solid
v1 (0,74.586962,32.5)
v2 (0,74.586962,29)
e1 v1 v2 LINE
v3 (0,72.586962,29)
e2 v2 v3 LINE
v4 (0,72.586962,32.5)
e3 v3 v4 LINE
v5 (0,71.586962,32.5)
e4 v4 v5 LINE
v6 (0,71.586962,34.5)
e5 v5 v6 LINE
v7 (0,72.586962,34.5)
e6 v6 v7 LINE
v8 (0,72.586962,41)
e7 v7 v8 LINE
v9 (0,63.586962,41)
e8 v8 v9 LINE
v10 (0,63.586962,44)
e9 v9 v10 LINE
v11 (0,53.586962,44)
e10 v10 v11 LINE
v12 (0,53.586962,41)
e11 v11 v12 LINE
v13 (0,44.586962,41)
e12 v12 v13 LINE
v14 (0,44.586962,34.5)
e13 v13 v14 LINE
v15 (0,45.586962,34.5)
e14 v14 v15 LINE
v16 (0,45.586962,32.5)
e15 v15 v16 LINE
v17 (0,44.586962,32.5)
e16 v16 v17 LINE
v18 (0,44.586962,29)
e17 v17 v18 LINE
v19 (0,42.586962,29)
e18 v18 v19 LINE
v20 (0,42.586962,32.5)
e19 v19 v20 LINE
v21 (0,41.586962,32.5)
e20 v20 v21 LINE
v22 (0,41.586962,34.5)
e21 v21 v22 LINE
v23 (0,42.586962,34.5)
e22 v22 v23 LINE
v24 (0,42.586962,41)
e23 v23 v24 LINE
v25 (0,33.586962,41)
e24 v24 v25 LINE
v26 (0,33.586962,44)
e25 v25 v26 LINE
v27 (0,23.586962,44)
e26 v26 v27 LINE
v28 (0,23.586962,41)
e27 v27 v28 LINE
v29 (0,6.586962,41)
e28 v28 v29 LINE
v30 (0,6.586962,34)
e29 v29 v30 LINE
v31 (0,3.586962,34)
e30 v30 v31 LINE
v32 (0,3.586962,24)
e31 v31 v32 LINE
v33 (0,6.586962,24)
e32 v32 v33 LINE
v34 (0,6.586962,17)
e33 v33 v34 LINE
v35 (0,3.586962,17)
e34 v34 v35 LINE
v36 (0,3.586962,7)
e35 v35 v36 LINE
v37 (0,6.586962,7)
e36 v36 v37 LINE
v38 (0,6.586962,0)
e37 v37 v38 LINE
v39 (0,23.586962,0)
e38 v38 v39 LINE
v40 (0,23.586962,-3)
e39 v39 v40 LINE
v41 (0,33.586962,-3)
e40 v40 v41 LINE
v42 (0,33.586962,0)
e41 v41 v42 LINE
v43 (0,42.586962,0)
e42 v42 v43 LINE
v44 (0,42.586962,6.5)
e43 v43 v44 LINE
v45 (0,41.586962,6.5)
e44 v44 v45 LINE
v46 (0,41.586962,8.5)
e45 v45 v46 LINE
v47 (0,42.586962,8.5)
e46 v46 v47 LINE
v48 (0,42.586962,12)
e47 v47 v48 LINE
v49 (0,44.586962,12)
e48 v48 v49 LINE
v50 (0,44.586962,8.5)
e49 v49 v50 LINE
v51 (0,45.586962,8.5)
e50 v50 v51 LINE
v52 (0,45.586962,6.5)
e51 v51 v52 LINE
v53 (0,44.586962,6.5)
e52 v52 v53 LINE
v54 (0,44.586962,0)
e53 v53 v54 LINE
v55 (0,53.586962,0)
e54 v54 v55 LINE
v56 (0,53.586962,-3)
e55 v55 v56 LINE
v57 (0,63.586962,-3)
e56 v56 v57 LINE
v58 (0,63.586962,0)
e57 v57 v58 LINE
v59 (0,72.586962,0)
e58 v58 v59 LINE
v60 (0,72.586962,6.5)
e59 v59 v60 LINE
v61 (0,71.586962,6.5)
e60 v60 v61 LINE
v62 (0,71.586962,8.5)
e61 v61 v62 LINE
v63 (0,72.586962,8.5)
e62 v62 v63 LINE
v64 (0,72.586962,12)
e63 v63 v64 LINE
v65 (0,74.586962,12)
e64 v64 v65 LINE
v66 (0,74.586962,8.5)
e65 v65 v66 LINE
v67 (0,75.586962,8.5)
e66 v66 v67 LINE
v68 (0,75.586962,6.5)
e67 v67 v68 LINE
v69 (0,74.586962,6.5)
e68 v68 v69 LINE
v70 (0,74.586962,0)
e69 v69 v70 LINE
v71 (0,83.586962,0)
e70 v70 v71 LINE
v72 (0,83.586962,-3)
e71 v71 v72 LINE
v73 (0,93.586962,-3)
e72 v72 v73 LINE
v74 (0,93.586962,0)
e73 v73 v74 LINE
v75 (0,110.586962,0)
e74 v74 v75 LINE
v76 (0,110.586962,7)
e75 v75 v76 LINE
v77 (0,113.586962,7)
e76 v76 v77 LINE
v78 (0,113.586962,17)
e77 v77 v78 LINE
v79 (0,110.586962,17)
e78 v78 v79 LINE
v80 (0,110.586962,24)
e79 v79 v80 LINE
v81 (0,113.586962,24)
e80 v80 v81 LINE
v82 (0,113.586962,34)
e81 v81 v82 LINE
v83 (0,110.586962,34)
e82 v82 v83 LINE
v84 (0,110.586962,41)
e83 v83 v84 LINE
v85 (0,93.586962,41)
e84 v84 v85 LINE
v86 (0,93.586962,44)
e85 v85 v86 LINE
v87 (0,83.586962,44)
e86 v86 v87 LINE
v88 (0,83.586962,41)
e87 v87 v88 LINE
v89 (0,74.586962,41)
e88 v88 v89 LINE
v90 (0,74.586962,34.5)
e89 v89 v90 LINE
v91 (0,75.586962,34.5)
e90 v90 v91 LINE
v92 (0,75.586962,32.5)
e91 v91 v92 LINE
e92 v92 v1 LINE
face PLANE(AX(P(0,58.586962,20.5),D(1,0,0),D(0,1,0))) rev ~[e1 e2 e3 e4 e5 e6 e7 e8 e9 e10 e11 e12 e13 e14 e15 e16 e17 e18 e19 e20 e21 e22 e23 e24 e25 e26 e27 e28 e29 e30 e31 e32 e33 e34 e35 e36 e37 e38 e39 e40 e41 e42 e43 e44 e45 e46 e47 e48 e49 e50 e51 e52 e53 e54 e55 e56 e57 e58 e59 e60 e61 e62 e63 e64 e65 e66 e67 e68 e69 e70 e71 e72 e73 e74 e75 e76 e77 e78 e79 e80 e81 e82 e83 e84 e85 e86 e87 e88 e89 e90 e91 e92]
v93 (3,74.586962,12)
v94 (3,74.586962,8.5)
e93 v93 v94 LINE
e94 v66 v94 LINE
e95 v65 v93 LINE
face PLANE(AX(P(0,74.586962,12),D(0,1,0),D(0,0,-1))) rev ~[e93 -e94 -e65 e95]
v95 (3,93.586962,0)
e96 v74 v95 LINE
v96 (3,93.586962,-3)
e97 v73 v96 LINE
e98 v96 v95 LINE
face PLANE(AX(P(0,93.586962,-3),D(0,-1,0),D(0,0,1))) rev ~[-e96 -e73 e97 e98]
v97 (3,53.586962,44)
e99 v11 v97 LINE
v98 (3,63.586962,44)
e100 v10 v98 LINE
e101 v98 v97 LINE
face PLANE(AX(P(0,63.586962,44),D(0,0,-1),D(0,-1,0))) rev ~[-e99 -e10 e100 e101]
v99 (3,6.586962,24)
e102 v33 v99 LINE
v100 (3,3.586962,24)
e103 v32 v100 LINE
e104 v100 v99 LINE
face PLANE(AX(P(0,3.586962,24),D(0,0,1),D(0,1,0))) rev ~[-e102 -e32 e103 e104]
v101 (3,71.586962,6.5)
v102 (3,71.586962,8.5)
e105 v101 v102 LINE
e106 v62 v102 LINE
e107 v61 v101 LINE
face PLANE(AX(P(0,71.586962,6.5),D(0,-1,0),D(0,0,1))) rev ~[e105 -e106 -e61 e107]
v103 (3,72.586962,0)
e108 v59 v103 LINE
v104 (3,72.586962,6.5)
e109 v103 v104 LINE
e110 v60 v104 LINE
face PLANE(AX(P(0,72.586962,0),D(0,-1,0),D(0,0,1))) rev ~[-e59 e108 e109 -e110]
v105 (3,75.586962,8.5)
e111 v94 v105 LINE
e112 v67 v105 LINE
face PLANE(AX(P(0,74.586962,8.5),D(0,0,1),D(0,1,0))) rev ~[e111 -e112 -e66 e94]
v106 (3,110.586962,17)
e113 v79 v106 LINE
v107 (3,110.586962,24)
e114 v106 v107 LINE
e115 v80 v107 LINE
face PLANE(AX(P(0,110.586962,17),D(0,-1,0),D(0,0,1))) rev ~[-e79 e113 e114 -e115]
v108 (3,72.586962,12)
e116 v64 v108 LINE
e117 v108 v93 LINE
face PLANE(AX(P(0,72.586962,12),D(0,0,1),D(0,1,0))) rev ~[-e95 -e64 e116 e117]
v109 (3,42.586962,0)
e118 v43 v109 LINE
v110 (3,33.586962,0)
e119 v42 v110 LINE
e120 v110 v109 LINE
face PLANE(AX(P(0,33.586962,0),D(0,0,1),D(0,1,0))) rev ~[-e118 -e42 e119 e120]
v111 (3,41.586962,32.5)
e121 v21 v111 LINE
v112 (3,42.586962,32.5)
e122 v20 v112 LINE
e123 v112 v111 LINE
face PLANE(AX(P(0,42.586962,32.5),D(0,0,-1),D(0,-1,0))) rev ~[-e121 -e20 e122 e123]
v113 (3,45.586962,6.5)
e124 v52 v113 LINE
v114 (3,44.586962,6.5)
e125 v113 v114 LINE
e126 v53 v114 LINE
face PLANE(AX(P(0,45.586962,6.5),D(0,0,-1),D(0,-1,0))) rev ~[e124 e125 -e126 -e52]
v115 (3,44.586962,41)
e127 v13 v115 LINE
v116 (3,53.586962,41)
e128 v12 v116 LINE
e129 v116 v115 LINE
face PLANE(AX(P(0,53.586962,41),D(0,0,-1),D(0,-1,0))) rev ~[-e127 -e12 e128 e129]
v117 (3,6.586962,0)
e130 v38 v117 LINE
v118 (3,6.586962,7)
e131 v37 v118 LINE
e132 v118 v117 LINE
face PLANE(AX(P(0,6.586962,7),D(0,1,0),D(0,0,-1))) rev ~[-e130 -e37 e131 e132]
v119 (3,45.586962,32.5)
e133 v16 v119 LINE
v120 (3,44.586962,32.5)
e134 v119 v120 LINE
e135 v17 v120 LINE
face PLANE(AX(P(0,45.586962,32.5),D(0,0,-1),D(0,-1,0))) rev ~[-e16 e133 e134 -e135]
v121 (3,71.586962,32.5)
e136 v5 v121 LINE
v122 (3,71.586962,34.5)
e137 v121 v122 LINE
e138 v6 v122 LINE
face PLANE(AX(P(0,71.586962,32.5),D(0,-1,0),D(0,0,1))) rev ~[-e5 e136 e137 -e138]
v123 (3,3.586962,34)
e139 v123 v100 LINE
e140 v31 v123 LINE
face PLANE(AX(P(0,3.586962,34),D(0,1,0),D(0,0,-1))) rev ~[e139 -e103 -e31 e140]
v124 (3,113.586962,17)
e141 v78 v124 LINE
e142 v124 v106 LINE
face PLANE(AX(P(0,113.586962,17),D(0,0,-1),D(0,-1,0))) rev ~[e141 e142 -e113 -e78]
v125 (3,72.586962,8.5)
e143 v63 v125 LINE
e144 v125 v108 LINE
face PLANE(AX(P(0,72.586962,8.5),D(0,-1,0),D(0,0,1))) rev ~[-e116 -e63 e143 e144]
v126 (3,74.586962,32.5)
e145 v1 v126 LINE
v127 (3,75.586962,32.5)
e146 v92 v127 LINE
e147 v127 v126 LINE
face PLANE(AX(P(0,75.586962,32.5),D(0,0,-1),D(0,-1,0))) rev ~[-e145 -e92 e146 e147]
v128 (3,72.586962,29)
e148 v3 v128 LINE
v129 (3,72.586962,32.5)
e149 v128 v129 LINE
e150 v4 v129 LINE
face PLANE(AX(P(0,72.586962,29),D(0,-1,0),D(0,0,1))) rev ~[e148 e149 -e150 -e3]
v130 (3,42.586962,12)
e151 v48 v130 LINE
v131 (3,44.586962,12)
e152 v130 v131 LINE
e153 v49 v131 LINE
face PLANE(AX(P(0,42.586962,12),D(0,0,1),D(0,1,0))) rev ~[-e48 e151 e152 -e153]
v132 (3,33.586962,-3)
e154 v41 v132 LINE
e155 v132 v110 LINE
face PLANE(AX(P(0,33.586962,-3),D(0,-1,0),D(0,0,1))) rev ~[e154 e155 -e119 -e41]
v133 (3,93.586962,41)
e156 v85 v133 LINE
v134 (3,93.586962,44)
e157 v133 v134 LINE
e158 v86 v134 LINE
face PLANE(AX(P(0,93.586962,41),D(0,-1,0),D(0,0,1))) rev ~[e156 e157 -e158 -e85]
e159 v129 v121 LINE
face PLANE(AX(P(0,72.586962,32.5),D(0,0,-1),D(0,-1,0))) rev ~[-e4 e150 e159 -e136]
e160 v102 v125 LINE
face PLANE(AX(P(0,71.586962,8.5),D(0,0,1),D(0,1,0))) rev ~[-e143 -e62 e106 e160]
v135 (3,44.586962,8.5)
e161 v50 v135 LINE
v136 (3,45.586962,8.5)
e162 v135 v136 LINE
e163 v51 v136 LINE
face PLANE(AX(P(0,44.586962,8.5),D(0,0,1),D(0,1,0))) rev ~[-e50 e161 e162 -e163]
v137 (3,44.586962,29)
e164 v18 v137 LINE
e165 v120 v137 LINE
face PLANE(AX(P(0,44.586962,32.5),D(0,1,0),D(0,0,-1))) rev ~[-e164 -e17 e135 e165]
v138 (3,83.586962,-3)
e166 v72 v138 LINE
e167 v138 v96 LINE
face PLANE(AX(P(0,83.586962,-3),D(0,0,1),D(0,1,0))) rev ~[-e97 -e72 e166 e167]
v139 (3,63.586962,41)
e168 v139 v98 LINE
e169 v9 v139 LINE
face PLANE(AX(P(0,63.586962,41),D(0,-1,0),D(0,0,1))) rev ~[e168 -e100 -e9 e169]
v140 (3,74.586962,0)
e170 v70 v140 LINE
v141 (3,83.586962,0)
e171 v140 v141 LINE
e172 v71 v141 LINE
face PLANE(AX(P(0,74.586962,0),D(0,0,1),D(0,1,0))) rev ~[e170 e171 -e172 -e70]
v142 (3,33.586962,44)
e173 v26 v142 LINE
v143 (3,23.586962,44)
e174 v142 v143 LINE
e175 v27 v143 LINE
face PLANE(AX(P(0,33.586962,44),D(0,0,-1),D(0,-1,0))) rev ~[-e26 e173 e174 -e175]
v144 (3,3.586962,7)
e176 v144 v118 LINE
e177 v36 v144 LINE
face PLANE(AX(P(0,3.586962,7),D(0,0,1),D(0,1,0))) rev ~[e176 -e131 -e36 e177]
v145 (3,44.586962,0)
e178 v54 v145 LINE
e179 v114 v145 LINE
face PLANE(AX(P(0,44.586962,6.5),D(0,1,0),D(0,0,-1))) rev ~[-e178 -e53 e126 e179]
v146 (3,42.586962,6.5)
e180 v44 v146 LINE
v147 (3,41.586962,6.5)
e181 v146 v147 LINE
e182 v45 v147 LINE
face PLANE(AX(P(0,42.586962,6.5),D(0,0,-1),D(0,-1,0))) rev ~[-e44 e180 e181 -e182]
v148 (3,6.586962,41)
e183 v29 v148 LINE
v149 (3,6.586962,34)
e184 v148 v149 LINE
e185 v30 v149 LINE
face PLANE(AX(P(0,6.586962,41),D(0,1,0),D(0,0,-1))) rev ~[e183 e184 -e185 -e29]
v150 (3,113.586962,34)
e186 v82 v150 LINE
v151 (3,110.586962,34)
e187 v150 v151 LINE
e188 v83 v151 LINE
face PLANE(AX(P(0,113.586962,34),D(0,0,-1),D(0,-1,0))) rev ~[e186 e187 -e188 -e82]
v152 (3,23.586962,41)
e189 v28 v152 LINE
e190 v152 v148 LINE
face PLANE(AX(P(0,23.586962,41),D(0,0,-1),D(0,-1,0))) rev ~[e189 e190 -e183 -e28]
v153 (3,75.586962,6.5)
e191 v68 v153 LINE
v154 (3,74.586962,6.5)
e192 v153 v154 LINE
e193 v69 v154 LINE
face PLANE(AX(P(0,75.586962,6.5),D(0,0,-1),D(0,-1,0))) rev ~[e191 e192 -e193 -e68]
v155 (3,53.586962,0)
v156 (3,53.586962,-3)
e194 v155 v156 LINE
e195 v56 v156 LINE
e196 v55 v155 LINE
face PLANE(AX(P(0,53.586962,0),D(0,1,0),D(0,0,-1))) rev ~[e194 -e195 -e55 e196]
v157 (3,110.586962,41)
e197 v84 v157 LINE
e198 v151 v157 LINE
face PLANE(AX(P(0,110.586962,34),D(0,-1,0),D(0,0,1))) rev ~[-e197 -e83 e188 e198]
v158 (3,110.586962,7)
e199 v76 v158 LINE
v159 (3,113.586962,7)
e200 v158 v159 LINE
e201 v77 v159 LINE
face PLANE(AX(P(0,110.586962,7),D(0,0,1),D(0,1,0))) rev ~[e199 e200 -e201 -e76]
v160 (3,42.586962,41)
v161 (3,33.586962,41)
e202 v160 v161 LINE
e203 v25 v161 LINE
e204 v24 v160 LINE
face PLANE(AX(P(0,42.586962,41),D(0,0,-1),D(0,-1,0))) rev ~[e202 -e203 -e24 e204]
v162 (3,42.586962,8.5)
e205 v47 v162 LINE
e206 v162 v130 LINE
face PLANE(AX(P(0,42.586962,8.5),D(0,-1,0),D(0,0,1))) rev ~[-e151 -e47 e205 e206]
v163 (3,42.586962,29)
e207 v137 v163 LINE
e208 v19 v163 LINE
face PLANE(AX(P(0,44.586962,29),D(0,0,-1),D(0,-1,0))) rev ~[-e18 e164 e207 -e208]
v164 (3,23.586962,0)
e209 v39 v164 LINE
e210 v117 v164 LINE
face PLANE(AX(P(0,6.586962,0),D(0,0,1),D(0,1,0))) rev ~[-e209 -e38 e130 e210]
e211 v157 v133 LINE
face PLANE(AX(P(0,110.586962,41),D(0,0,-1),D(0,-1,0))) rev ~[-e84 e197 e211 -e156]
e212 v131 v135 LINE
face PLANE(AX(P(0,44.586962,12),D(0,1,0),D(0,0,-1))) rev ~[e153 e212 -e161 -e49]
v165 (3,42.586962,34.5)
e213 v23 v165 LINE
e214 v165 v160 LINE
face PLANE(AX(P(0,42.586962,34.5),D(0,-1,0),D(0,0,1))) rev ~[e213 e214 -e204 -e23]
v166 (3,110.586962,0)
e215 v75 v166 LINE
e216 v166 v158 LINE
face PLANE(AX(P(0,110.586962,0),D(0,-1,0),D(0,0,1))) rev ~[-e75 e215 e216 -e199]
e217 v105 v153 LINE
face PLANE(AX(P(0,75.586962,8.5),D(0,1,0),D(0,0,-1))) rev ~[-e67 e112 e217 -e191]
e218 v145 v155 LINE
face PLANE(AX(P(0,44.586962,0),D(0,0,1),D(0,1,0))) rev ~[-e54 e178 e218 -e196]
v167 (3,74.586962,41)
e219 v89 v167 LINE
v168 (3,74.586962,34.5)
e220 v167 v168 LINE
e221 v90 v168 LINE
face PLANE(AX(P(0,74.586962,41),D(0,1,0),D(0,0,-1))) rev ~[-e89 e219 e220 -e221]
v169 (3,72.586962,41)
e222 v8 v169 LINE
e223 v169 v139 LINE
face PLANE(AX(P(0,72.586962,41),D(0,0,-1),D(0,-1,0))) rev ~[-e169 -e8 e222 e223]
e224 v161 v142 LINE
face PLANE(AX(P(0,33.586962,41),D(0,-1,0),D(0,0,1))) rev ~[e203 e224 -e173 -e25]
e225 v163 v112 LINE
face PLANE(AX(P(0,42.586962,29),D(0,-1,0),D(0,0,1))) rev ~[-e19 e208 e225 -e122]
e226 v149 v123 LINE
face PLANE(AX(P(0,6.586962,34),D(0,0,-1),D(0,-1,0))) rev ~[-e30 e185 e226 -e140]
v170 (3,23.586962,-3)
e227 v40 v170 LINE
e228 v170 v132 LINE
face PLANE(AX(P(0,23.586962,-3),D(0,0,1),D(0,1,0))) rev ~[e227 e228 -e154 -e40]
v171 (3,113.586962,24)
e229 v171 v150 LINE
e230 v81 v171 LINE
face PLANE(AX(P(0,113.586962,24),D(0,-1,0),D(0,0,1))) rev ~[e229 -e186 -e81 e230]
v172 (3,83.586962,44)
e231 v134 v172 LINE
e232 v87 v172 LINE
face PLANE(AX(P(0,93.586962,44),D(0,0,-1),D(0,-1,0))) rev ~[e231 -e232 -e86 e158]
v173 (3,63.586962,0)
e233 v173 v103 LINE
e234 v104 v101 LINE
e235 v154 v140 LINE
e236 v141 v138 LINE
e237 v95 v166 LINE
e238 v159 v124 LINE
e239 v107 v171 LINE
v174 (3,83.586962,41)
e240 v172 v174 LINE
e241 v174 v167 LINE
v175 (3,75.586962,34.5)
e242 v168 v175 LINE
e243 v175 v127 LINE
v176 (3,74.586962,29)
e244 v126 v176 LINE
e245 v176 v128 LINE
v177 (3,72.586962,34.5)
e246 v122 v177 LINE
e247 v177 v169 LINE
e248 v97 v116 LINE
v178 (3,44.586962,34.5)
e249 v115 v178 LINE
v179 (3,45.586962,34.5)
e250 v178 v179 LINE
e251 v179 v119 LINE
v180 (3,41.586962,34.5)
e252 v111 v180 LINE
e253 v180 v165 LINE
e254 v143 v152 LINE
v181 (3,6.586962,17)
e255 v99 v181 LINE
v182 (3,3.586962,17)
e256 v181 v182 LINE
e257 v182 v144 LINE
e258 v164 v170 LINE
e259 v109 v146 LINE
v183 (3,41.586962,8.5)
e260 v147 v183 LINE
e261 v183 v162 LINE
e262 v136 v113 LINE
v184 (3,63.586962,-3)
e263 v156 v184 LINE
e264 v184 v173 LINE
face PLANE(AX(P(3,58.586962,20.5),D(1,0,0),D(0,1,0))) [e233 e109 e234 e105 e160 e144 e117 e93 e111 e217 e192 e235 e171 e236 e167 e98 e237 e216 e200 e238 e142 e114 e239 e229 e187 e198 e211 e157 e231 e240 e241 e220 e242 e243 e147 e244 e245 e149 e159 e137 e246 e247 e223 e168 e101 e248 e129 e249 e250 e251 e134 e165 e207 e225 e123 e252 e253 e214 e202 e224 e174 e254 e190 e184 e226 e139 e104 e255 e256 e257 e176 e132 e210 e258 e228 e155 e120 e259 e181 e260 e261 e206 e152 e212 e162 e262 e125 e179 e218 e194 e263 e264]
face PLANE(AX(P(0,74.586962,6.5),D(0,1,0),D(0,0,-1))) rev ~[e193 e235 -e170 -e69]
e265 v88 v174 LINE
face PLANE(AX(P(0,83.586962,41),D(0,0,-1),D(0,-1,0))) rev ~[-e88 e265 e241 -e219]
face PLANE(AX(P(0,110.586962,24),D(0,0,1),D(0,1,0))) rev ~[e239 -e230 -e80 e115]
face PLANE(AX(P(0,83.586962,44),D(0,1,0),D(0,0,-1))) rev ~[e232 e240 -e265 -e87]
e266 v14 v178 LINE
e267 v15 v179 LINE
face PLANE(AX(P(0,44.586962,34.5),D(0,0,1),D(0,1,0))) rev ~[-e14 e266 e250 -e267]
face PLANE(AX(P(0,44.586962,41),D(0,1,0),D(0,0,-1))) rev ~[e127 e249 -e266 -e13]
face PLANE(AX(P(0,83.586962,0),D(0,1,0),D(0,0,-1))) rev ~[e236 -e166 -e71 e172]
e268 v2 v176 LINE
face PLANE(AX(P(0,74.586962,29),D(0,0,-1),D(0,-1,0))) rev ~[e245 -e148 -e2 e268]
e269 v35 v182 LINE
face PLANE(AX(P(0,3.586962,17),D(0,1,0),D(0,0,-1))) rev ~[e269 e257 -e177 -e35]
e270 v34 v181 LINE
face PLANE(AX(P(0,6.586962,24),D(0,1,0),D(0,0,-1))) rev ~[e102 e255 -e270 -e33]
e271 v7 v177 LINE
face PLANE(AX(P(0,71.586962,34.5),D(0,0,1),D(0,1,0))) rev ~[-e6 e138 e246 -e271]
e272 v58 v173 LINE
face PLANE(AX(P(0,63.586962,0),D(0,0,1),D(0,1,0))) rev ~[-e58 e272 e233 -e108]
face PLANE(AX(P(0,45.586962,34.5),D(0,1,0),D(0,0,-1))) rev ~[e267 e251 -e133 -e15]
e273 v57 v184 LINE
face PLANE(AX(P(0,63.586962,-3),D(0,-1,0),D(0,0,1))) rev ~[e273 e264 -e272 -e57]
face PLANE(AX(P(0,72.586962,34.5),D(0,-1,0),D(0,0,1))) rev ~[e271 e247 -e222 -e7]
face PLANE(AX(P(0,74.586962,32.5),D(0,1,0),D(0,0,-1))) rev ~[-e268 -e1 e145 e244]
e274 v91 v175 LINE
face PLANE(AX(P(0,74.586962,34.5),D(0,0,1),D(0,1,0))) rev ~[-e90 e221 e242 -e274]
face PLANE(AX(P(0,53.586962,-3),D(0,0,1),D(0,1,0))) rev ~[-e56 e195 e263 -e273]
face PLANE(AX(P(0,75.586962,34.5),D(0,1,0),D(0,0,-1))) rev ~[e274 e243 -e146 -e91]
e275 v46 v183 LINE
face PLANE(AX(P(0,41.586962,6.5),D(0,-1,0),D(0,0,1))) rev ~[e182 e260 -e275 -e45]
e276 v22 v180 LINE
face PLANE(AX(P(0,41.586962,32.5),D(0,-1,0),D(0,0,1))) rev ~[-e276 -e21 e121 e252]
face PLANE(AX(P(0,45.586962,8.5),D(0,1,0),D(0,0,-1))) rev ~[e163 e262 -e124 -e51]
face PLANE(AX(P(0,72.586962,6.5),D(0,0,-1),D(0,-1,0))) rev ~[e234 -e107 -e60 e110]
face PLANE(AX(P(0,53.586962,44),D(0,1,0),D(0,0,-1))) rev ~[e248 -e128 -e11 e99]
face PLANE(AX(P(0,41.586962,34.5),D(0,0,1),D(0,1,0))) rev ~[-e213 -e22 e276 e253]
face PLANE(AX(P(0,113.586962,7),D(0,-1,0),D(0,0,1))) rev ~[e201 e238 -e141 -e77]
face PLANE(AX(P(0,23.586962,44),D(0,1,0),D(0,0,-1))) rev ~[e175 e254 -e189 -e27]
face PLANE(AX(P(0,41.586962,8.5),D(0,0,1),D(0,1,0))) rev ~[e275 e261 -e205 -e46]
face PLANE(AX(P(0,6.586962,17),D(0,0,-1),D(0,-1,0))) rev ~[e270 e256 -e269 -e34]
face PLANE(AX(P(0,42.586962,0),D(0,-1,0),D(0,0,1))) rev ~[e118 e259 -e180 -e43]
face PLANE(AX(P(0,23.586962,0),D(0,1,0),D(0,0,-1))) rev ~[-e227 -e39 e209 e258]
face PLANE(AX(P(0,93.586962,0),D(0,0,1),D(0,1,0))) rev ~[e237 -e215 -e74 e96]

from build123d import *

# Parameters (mm, degrees)
F1_DEPTH = 3


with BuildPart() as f1:
    # F0 (on Right) → F1 (new body)
    with BuildSketch(Plane.YZ):
        Polygon((6.586962, 7), (6.586962, 0), (23.586962, 0), (23.586962, -3), (33.586962, -3), (33.586962, 0), (42.586962, 0), (42.586962, 6.5), (41.586962, 6.5), (41.586962, 8.5), (42.586962, 8.5), (42.586962, 12), (44.586962, 12), (44.586962, 8.5), (45.586962, 8.5), (45.586962, 6.5), (44.586962, 6.5), (44.586962, 0), (53.586962, 0), (53.586962, -3), (58.586962, -3), (63.586962, -3), (63.586962, 0), (72.586962, 0), (72.586962, 6.5), (71.586962, 6.5), (71.586962, 8.5), (72.586962, 8.5), (72.586962, 12), (74.586962, 12), (74.586962, 8.5), (75.586962, 8.5), (75.586962, 6.5), (74.586962, 6.5), (74.586962, 0), (83.586962, 0), (83.586962, -3), (93.586962, -3), (93.586962, 0), (110.586962, 0), (110.586962, 7), (113.586962, 7), (113.586962, 17), (110.586962, 17), (110.586962, 24), (113.586962, 24), (113.586962, 34), (110.586962, 34), (110.586962, 41), (93.586962, 41), (93.586962, 44), (83.586962, 44), (83.586962, 41), (74.586962, 41), (74.586962, 34.5), (75.586962, 34.5), (75.586962, 32.5), (74.586962, 32.5), (74.586962, 29), (72.586962, 29), (72.586962, 32.5), (71.586962, 32.5), (71.586962, 34.5), (72.586962, 34.5), (72.586962, 41), (63.586962, 41), (63.586962, 44), (58.586962, 44), (53.586962, 44), (53.586962, 41), (44.586962, 41), (44.586962, 34.5), (45.586962, 34.5), (45.586962, 32.5), (44.586962, 32.5), (44.586962, 29), (42.586962, 29), (42.586962, 32.5), (41.586962, 32.5), (41.586962, 34.5), (42.586962, 34.5), (42.586962, 41), (33.586962, 41), (33.586962, 44), (23.586962, 44), (23.586962, 41), (6.586962, 41), (6.586962, 34), (3.586962, 34), (3.586962, 24), (6.586962, 24), (6.586962, 17), (3.586962, 17), (3.586962, 7), align=None)
    extrude(amount=F1_DEPTH)


solid = f1.part
